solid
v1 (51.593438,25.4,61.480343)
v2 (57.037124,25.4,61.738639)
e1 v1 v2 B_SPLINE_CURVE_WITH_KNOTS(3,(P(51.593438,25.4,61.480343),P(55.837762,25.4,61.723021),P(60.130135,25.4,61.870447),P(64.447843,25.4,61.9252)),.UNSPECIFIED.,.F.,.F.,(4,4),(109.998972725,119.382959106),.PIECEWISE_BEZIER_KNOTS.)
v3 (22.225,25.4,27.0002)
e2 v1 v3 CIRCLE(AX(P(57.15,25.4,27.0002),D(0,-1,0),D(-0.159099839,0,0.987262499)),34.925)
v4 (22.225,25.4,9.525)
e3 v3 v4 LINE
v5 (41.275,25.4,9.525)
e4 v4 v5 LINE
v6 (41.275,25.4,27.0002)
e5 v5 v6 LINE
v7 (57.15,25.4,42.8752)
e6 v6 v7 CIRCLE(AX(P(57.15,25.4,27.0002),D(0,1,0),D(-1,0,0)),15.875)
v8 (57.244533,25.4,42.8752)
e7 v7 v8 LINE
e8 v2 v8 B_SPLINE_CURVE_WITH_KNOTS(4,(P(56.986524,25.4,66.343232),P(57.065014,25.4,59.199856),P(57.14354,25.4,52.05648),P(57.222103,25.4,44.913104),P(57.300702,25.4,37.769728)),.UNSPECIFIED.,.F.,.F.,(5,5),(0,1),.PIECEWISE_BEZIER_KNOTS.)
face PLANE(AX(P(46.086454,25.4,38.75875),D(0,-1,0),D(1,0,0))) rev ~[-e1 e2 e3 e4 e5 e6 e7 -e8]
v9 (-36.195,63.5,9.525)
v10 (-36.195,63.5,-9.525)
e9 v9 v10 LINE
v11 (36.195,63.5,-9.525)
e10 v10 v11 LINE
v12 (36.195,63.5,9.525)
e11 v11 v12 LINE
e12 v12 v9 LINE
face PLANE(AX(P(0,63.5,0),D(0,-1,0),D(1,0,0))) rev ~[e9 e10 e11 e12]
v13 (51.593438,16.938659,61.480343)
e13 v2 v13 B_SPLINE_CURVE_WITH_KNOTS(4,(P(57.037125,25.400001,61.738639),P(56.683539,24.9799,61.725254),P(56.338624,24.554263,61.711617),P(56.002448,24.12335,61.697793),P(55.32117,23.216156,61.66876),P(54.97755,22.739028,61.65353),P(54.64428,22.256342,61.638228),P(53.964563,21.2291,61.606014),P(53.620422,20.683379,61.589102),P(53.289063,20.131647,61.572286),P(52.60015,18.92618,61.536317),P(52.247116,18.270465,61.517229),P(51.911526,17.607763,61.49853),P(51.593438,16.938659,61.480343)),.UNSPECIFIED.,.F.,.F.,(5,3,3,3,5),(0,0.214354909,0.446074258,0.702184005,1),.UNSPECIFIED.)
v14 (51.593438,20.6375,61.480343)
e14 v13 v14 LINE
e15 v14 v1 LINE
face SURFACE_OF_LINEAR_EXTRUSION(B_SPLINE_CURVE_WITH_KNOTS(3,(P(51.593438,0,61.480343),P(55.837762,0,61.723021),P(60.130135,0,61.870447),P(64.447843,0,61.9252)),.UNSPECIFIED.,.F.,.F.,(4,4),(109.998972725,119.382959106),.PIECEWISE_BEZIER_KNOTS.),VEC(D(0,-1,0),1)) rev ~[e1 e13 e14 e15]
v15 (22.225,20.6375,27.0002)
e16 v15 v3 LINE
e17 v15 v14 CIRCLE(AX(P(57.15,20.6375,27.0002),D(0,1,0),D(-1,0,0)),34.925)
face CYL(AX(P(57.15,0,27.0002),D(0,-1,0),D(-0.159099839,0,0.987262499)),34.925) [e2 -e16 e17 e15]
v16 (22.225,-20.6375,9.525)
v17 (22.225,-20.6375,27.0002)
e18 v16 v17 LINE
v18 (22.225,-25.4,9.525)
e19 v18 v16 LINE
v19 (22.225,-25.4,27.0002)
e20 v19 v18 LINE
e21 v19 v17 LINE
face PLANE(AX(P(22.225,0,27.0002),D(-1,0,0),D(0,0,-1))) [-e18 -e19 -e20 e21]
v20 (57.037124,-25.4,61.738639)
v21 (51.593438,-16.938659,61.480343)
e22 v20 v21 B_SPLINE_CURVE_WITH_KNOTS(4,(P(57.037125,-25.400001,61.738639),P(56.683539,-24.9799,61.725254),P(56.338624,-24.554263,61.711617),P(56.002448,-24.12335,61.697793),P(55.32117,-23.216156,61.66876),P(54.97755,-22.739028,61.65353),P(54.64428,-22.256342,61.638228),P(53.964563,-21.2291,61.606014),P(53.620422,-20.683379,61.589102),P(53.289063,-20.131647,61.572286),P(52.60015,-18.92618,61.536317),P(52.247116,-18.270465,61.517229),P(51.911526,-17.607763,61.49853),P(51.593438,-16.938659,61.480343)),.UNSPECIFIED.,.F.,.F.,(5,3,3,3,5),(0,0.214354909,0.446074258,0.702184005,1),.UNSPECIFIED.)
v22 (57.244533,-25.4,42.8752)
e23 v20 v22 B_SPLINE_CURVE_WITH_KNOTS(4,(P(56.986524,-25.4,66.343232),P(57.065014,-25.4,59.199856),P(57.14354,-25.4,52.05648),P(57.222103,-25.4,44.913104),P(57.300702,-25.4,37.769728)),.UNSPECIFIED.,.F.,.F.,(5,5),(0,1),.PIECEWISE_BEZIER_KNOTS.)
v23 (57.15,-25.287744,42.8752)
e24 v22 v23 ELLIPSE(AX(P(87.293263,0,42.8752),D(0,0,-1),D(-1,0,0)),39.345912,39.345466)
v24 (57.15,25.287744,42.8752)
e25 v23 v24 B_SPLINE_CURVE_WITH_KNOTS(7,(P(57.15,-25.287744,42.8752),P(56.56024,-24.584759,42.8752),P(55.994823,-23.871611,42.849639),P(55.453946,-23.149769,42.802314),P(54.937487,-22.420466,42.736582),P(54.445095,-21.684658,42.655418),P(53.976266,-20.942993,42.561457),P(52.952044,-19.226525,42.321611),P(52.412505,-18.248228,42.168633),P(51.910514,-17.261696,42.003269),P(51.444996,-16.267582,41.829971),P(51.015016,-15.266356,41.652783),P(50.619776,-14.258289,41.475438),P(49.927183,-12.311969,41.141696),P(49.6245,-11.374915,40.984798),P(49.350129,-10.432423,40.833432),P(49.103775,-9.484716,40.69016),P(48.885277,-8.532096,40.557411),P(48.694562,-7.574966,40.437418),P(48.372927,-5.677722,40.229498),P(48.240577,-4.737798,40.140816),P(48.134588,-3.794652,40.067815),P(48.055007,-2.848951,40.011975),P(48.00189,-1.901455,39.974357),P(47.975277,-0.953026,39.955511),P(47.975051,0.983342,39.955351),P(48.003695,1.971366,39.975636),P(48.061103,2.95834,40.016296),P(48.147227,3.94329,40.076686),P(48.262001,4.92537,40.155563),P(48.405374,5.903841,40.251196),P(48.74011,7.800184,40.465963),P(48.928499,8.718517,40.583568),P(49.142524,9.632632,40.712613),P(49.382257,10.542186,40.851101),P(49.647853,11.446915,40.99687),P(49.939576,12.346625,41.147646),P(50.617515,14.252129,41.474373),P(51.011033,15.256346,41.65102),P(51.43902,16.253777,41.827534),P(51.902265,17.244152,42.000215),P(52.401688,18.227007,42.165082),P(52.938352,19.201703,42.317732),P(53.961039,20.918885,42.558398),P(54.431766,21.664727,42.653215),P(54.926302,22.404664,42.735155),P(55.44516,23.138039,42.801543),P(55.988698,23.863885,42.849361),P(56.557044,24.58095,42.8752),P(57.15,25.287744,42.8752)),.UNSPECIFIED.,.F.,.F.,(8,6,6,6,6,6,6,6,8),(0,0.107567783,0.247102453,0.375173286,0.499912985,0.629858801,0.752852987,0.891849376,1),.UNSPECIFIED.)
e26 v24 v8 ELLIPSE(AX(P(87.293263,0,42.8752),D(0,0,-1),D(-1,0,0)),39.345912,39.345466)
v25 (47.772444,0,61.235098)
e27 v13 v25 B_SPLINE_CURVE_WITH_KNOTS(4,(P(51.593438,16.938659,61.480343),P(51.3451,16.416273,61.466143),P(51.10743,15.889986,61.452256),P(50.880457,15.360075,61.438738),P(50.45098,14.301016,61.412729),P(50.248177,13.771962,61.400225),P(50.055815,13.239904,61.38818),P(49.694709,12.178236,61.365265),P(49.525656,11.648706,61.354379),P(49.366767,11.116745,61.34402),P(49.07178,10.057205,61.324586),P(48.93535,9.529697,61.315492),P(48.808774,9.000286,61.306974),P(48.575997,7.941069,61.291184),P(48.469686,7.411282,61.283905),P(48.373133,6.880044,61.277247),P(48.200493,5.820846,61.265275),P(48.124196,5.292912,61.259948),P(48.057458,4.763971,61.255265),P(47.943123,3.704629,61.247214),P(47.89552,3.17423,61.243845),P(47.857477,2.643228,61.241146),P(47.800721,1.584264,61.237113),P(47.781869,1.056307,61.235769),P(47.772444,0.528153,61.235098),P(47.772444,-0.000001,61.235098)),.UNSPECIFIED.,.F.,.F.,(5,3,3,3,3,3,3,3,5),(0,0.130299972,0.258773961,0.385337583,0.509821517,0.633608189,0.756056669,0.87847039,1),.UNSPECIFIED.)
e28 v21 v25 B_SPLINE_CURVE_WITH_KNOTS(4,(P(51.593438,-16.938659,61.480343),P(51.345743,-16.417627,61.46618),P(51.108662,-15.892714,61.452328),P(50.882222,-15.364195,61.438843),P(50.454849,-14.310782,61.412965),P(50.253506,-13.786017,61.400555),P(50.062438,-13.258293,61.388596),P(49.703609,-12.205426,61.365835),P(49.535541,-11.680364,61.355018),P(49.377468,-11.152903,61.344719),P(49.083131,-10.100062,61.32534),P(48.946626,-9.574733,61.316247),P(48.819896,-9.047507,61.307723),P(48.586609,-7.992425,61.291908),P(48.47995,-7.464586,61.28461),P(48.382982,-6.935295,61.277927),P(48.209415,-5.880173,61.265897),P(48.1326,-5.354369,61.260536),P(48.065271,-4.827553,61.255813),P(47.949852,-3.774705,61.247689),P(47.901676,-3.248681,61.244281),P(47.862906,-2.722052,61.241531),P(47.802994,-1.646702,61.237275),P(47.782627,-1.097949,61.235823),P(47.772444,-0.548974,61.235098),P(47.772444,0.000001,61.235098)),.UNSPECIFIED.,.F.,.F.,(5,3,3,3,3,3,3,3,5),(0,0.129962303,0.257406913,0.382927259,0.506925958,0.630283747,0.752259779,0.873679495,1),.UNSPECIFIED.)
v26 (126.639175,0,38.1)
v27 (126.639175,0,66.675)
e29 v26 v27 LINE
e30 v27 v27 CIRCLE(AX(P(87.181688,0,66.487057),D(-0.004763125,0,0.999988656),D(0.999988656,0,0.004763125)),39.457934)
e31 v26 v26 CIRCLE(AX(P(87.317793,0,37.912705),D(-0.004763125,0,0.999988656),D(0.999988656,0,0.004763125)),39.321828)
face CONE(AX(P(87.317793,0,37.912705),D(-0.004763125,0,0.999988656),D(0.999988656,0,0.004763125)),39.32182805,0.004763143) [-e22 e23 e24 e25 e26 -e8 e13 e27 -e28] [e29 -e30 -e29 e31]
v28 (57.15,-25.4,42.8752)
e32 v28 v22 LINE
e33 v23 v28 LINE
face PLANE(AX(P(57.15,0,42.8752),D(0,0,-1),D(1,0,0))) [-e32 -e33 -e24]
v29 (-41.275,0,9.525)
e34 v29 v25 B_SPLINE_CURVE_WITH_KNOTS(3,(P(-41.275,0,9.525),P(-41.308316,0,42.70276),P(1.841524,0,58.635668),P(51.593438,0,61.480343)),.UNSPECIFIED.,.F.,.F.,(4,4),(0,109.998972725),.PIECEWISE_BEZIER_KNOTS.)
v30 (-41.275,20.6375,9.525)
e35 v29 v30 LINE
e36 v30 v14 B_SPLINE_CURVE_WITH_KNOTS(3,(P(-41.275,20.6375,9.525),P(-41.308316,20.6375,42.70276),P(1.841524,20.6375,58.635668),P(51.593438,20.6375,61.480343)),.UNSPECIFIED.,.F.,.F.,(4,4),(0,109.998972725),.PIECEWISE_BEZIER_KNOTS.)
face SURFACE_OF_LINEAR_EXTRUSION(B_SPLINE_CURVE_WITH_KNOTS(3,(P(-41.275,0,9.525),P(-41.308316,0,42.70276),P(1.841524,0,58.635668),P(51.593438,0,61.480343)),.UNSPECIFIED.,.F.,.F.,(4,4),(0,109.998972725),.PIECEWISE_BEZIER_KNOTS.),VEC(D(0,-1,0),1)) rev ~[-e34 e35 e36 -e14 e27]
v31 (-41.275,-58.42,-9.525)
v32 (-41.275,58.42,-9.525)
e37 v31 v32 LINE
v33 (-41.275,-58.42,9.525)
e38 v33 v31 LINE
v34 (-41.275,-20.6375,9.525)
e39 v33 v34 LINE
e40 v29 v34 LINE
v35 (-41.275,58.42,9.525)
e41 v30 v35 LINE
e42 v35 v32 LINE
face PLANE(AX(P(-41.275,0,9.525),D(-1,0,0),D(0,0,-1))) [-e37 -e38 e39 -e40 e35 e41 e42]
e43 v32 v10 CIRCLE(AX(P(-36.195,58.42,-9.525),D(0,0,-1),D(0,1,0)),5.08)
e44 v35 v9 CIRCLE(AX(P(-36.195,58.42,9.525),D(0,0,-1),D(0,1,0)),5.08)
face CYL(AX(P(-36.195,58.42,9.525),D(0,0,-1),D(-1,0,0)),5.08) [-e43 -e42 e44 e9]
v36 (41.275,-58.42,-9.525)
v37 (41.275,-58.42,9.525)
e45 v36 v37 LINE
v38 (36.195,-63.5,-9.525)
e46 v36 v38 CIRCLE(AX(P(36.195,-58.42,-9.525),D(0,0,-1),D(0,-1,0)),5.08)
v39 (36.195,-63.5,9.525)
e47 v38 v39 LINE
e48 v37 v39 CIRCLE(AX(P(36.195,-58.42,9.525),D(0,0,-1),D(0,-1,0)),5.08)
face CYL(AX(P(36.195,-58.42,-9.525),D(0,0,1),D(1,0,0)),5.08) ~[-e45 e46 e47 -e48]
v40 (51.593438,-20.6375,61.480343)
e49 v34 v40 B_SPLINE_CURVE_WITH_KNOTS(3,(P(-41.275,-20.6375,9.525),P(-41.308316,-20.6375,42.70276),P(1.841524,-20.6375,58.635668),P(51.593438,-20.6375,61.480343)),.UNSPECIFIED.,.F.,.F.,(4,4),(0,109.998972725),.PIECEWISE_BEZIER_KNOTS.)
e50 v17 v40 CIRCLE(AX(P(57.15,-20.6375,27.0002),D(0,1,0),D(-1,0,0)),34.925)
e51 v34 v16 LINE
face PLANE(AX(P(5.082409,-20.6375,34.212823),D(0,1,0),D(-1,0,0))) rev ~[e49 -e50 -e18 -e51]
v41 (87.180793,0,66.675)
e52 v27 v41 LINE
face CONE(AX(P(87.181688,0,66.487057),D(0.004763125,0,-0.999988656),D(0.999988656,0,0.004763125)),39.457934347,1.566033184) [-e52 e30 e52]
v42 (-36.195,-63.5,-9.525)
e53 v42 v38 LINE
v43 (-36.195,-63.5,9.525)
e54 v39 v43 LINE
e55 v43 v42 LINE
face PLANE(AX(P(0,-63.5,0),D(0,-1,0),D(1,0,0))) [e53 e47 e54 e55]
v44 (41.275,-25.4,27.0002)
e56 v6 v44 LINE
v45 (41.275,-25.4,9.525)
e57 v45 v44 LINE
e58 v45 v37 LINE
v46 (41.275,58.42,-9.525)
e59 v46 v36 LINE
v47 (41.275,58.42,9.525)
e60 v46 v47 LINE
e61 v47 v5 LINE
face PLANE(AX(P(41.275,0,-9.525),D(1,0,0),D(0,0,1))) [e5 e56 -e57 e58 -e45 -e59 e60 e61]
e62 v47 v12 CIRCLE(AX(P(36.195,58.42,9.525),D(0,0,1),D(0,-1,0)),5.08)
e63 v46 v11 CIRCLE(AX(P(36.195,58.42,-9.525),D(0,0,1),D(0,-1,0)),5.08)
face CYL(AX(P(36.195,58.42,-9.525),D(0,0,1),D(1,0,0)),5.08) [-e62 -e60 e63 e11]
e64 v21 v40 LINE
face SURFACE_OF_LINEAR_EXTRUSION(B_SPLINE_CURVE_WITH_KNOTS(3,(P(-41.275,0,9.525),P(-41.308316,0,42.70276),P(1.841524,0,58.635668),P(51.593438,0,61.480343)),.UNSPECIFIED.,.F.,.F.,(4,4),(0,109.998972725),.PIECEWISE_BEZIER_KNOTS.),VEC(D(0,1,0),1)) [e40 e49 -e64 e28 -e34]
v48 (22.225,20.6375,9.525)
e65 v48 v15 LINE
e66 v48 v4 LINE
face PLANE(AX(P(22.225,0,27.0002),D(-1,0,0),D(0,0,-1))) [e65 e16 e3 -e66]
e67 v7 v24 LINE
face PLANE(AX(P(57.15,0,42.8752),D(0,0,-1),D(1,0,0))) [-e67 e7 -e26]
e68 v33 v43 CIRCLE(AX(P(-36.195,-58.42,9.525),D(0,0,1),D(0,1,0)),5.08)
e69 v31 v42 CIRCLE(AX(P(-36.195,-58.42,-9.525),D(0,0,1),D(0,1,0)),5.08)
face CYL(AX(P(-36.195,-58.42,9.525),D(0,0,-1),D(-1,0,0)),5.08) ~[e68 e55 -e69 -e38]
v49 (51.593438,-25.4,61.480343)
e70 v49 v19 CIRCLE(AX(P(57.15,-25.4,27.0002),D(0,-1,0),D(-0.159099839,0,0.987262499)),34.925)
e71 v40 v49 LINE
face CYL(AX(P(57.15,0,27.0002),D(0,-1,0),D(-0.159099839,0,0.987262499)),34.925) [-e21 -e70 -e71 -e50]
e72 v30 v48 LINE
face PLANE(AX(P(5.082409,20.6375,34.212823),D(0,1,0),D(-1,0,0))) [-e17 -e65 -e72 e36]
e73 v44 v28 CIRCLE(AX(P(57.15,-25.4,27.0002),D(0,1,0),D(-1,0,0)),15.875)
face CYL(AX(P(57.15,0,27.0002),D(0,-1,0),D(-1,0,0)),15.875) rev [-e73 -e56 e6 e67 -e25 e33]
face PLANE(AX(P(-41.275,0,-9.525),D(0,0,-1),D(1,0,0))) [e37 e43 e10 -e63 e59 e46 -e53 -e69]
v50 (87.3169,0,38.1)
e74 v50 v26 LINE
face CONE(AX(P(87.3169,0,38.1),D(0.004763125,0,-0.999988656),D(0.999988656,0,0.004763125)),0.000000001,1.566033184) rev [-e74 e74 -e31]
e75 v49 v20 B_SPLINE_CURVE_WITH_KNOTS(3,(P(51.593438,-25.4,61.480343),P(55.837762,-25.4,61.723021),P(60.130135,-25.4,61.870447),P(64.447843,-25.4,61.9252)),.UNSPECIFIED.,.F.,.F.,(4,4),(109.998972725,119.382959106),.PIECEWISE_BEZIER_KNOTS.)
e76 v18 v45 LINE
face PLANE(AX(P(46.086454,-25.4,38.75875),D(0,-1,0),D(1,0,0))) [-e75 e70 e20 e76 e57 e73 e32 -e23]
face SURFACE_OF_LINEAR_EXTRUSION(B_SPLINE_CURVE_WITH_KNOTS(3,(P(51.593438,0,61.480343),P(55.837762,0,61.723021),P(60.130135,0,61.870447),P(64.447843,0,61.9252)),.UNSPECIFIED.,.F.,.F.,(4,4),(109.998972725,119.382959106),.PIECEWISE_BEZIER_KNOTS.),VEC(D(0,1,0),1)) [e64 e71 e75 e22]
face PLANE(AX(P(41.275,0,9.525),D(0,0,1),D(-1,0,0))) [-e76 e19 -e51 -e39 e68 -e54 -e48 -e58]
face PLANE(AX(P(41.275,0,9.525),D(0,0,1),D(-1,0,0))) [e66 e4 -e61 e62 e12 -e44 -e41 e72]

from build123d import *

# Parameters (mm, degrees)
F1_DEPTH = 63.5
F2_DEPTH = 25.4
F3_DEPTH = 20.6375
F5_R     = 5.08


with BuildPart() as f1:
    # F0 (on Front) → F1 (new body, symmetric)
    with BuildSketch(Plane.XZ):
        Polygon((-41.275, -9.525), (41.275, -9.525), (41.275, 9.525), (22.225, 9.525), (-41.275, 9.525), align=None)
    extrude(amount=F1_DEPTH, both=True)

    # F0 (on Front) → F2 (join, symmetric)
    with BuildSketch(Plane.XZ):
        with BuildLine():
            Line((22.225, 9.525), (41.275, 9.525))
            Line((41.275, 9.525), (41.275, 27.0002))
            ThreePointArc((41.275, 27.0002), (45.9246798487, 38.2255201513), (57.15, 42.8752))
            Line((57.15, 42.8752), (75.8391746044, 42.8752))
            Line((75.8391746044, 42.8752), (75.8391746044, 61.9252))
            Line((75.8391746044, 61.9252), (72.1653963261, 61.9252))
            Line((72.1653963261, 61.9252), (64.4478433083, 61.9252))
            add(Edge.make_bspline(
                [(51.5934381261, 61.4803427657), (55.8377621911, 61.7230212557), (60.1301345398, 61.8704467699), (64.4478433083, 61.9252)],
                knots=[109.9989727247, 109.9989727247, 109.9989727247, 109.9989727247, 119.3829591055, 119.3829591055, 119.3829591055, 119.3829591055], degree=3))
            ThreePointArc((51.5934381261, 61.4803427657), (30.5622345011, 49.6463111623), (22.225, 27.0002))
            Line((22.225, 27.0002), (22.225, 9.525))
        make_face()
    extrude(amount=F2_DEPTH, both=True)

    # F0 (on Front) → F3 (join, symmetric)
    with BuildSketch(Plane.XZ):
        with BuildLine():
            add(Edge.make_bspline(
                [(-41.275, 9.525), (-41.3083164925, 42.7027595487), (1.841523734, 58.6356684957), (51.5934381261, 61.4803427657)],
                knots=[0, 0, 0, 0, 109.9989727247, 109.9989727247, 109.9989727247, 109.9989727247], degree=3))
            Line((-41.275, 9.525), (22.225, 9.525))
            Line((22.225, 9.525), (22.225, 27.0002))
            ThreePointArc((22.225, 27.0002), (30.5622345011, 49.6463111623), (51.5934381261, 61.4803427657))
        make_face()
    extrude(amount=F3_DEPTH, both=True)

    # F0 (on Front) → F4 (revolve)
    with BuildSketch(Plane.XZ):
        Polygon((87.1807926523, 66.675), (87.3169004917, 38.1), (126.6391746044, 38.1), (126.6391746044, 66.675), align=None)
    revolve(axis=Axis((87.248846572, 0, 52.3875), (-0.004763125, 0, 0.9999886563)))

    # F5
    f5_edges = [f1.edges().sort_by_distance(p)[0] for p in [
        (41.275, -63.5, 0),
        (-41.275, -63.5, 0),
        (41.275, 63.5, 0),
        (-41.275, 63.5, 0),
    ]]
    fillet(f5_edges, radius=F5_R)


solid = f1.part
